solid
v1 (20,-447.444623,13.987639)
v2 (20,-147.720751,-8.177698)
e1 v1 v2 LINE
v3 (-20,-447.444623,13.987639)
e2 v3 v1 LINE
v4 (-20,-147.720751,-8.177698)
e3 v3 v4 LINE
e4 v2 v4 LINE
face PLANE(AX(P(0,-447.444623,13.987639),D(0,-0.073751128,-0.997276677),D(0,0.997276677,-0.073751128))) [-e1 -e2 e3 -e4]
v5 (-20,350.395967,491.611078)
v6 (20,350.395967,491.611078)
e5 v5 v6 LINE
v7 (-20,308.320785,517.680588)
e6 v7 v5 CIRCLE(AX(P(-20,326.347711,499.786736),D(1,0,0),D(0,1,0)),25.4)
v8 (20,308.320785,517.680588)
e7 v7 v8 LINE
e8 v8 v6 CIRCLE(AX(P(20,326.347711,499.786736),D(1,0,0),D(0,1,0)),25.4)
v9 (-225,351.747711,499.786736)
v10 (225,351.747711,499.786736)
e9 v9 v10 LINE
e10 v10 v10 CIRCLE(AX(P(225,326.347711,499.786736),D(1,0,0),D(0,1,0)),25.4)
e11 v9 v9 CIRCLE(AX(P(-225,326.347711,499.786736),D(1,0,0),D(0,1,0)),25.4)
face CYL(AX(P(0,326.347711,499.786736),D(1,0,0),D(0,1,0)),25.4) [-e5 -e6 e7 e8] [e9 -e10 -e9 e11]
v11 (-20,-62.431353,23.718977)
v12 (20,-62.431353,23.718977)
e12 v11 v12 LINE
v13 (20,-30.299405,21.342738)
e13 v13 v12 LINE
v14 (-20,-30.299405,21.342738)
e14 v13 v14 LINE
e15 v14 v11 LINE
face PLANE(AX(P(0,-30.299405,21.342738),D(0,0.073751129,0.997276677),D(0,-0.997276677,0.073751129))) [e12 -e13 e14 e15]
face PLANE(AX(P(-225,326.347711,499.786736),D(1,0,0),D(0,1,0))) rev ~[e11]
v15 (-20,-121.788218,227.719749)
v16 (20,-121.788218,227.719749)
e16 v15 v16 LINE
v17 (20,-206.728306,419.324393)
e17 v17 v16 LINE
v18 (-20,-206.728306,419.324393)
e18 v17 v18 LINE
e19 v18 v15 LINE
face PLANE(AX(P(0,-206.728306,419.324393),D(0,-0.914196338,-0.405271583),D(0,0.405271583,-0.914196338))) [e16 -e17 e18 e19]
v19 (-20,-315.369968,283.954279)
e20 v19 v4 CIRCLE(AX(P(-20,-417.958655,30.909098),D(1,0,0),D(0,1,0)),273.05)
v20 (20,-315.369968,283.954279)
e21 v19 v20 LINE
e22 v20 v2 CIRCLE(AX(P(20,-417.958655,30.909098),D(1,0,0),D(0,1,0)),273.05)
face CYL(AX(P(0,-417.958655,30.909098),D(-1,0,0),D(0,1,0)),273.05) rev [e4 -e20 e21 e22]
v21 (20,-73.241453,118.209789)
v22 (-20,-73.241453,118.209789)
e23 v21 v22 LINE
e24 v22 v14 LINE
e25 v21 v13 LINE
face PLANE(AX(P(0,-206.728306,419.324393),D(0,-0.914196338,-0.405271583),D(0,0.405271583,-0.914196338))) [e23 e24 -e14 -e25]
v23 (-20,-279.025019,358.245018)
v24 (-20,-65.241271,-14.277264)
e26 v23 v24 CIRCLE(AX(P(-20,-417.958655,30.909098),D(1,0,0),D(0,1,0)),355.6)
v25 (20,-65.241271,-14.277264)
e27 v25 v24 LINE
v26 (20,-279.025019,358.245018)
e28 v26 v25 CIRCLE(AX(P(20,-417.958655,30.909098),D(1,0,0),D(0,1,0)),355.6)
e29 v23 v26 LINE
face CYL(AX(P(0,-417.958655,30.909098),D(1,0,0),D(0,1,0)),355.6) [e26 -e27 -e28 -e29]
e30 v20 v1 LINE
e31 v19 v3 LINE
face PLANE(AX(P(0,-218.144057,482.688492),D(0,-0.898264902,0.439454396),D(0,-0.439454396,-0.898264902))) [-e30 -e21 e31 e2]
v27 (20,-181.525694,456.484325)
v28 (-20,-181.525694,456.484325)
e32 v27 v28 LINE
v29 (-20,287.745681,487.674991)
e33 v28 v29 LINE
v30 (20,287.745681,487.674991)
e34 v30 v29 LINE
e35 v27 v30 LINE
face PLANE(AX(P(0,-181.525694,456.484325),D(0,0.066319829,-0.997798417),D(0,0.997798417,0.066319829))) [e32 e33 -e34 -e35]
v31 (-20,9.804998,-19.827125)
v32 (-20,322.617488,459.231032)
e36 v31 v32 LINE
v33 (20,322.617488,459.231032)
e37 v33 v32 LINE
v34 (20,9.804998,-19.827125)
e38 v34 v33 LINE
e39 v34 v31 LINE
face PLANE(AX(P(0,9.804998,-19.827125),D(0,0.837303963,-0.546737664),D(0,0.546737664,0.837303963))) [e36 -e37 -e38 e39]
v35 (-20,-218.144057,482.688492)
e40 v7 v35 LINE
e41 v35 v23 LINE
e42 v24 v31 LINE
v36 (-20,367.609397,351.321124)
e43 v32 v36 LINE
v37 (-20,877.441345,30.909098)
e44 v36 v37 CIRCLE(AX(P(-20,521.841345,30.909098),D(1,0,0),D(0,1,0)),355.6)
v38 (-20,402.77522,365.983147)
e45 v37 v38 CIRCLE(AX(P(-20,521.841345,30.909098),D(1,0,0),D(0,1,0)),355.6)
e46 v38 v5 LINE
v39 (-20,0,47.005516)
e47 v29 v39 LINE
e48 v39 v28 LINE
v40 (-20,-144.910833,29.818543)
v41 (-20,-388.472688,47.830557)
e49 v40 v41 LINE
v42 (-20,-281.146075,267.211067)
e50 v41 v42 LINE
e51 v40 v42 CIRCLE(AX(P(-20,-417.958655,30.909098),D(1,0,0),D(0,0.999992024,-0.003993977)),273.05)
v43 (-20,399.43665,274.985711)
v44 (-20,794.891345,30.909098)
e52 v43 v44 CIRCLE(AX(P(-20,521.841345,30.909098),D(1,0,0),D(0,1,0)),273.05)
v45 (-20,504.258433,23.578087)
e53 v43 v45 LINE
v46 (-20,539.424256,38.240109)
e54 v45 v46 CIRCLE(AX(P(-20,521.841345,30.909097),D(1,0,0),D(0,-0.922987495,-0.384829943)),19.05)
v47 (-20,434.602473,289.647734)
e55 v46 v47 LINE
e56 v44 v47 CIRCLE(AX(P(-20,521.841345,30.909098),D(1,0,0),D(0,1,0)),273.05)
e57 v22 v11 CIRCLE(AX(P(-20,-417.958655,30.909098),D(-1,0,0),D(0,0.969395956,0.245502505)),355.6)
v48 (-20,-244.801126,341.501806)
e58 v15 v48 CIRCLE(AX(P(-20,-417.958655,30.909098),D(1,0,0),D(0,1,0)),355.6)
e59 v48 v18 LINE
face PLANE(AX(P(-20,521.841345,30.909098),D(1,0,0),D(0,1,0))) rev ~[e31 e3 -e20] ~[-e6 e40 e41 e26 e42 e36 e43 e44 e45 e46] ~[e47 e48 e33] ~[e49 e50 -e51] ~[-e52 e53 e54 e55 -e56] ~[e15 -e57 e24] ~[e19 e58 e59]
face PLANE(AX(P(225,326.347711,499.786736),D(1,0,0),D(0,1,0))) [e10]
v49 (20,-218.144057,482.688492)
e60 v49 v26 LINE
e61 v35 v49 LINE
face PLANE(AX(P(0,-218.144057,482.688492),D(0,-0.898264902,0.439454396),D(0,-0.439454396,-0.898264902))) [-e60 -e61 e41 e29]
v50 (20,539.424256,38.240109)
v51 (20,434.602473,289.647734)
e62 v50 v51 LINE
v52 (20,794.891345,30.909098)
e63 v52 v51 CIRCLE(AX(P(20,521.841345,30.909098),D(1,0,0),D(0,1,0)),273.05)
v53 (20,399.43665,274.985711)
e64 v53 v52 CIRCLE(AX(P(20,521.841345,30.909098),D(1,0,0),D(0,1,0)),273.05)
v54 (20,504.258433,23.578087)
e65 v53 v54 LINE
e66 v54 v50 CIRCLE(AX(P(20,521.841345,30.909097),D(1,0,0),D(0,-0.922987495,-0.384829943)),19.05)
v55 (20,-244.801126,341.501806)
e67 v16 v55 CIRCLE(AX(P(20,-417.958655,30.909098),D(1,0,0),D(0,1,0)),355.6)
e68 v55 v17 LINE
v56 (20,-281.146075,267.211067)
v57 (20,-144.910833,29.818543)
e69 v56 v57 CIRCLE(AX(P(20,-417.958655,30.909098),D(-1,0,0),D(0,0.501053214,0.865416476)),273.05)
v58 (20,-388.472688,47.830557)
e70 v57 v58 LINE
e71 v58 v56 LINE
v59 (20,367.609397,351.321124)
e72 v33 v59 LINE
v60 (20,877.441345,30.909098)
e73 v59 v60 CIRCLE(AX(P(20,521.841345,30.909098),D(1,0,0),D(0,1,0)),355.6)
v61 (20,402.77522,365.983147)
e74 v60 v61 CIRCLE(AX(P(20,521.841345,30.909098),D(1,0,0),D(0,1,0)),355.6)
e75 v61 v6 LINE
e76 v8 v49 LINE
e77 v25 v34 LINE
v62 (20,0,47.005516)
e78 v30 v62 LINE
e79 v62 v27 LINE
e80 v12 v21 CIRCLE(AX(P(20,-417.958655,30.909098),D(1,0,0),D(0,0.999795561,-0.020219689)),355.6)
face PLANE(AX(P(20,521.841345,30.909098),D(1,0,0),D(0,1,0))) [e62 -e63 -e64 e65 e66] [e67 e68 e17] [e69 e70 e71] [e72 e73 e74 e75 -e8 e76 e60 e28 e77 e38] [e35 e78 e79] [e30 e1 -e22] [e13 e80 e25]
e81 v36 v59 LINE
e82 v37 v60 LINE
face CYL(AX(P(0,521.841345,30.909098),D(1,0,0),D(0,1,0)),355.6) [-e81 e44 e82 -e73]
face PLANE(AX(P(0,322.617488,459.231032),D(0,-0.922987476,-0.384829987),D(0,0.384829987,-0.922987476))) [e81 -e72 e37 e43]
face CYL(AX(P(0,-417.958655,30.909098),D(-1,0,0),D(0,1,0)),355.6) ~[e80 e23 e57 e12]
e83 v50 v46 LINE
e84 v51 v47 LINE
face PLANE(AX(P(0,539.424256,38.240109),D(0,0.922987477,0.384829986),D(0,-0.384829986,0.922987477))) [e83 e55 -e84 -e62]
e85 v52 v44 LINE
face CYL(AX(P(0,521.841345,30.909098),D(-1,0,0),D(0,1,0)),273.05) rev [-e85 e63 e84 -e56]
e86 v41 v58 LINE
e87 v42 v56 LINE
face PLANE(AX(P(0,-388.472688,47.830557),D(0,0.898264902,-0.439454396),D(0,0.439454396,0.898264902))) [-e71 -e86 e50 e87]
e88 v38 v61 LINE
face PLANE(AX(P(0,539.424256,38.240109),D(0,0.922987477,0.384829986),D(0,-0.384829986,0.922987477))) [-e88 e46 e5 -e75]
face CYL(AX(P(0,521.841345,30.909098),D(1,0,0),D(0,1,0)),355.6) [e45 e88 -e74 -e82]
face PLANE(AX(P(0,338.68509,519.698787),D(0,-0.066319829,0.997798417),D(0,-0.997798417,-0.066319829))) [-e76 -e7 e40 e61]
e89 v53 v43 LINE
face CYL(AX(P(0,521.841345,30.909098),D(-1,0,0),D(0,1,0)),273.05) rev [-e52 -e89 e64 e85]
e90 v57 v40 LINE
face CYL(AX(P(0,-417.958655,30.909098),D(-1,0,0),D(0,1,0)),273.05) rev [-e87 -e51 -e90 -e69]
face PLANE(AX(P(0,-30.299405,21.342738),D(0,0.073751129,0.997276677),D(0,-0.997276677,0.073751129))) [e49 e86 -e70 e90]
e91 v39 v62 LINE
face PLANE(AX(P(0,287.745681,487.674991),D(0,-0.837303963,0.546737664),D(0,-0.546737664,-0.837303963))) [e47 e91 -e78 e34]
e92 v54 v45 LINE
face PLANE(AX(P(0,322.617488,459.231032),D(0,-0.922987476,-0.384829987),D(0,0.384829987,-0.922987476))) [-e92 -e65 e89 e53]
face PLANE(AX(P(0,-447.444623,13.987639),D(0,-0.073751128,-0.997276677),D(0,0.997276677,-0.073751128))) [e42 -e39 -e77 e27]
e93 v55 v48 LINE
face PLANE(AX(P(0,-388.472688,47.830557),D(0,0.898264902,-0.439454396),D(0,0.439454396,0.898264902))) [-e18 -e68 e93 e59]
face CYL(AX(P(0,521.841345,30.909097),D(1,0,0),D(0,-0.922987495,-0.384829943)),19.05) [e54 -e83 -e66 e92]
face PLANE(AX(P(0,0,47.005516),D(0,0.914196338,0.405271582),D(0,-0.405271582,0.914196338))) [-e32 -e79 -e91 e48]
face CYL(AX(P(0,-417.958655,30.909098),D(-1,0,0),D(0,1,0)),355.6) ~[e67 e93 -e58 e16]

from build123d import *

# Parameters (mm, degrees)
F3_DEPTH = 20
F1_R     = 355.6
F1_R_2   = 273.05
F4_DEPTH = 20
F5_R     = 25.4
F6_DEPTH = 225


with BuildPart() as f3:
    # F2 (on Right) → F3 (new body, symmetric)
    with BuildSketch(Plane.YZ):
        with BuildLine():
            Line((539.424256, 38.240109), (338.68509, 519.698787))
            Line((338.68509, 519.698787), (-218.144057, 482.688492))
            Line((-218.144057, 482.688492), (-447.444623, 13.987639))
            Line((-447.444623, 13.987639), (9.804998, -19.827125))
            Line((9.804998, -19.827125), (322.617488, 459.231032))
            Line((322.617488, 459.231032), (504.258433, 23.578087))
            ThreePointArc((504.258433, 23.578087), (529.172356, 13.326186), (539.424256, 38.240109))
        make_face()
        Polygon((-388.472688, 47.830557), (-206.728306, 419.324393), (-30.299405, 21.342738), align=None, mode=Mode.SUBTRACT)
        Polygon((0, 47.005516), (-181.525694, 456.484325), (287.745681, 487.674991), align=None, mode=Mode.SUBTRACT)
    extrude(amount=F3_DEPTH, both=True)

    # F1 (on Right) → F4 (join, symmetric)
    with BuildSketch(Plane.YZ):
        with Locations((-417.958655, 30.909098)):
            Circle(F1_R)
        with Locations((-417.958655, 30.909098)):
            Circle(F1_R_2, mode=Mode.SUBTRACT)
        with Locations((521.841345, 30.909098)):
            Circle(F1_R)
        with Locations((521.841345, 30.909098)):
            Circle(F1_R_2, mode=Mode.SUBTRACT)
    extrude(amount=F4_DEPTH, both=True)

    # F5 (on Right) → F6 (join, symmetric)
    with BuildSketch(Plane.YZ):
        with Locations((326.347711, 499.786736)):
            Circle(F5_R)
    extrude(amount=F6_DEPTH, both=True)


solid = f3.part
